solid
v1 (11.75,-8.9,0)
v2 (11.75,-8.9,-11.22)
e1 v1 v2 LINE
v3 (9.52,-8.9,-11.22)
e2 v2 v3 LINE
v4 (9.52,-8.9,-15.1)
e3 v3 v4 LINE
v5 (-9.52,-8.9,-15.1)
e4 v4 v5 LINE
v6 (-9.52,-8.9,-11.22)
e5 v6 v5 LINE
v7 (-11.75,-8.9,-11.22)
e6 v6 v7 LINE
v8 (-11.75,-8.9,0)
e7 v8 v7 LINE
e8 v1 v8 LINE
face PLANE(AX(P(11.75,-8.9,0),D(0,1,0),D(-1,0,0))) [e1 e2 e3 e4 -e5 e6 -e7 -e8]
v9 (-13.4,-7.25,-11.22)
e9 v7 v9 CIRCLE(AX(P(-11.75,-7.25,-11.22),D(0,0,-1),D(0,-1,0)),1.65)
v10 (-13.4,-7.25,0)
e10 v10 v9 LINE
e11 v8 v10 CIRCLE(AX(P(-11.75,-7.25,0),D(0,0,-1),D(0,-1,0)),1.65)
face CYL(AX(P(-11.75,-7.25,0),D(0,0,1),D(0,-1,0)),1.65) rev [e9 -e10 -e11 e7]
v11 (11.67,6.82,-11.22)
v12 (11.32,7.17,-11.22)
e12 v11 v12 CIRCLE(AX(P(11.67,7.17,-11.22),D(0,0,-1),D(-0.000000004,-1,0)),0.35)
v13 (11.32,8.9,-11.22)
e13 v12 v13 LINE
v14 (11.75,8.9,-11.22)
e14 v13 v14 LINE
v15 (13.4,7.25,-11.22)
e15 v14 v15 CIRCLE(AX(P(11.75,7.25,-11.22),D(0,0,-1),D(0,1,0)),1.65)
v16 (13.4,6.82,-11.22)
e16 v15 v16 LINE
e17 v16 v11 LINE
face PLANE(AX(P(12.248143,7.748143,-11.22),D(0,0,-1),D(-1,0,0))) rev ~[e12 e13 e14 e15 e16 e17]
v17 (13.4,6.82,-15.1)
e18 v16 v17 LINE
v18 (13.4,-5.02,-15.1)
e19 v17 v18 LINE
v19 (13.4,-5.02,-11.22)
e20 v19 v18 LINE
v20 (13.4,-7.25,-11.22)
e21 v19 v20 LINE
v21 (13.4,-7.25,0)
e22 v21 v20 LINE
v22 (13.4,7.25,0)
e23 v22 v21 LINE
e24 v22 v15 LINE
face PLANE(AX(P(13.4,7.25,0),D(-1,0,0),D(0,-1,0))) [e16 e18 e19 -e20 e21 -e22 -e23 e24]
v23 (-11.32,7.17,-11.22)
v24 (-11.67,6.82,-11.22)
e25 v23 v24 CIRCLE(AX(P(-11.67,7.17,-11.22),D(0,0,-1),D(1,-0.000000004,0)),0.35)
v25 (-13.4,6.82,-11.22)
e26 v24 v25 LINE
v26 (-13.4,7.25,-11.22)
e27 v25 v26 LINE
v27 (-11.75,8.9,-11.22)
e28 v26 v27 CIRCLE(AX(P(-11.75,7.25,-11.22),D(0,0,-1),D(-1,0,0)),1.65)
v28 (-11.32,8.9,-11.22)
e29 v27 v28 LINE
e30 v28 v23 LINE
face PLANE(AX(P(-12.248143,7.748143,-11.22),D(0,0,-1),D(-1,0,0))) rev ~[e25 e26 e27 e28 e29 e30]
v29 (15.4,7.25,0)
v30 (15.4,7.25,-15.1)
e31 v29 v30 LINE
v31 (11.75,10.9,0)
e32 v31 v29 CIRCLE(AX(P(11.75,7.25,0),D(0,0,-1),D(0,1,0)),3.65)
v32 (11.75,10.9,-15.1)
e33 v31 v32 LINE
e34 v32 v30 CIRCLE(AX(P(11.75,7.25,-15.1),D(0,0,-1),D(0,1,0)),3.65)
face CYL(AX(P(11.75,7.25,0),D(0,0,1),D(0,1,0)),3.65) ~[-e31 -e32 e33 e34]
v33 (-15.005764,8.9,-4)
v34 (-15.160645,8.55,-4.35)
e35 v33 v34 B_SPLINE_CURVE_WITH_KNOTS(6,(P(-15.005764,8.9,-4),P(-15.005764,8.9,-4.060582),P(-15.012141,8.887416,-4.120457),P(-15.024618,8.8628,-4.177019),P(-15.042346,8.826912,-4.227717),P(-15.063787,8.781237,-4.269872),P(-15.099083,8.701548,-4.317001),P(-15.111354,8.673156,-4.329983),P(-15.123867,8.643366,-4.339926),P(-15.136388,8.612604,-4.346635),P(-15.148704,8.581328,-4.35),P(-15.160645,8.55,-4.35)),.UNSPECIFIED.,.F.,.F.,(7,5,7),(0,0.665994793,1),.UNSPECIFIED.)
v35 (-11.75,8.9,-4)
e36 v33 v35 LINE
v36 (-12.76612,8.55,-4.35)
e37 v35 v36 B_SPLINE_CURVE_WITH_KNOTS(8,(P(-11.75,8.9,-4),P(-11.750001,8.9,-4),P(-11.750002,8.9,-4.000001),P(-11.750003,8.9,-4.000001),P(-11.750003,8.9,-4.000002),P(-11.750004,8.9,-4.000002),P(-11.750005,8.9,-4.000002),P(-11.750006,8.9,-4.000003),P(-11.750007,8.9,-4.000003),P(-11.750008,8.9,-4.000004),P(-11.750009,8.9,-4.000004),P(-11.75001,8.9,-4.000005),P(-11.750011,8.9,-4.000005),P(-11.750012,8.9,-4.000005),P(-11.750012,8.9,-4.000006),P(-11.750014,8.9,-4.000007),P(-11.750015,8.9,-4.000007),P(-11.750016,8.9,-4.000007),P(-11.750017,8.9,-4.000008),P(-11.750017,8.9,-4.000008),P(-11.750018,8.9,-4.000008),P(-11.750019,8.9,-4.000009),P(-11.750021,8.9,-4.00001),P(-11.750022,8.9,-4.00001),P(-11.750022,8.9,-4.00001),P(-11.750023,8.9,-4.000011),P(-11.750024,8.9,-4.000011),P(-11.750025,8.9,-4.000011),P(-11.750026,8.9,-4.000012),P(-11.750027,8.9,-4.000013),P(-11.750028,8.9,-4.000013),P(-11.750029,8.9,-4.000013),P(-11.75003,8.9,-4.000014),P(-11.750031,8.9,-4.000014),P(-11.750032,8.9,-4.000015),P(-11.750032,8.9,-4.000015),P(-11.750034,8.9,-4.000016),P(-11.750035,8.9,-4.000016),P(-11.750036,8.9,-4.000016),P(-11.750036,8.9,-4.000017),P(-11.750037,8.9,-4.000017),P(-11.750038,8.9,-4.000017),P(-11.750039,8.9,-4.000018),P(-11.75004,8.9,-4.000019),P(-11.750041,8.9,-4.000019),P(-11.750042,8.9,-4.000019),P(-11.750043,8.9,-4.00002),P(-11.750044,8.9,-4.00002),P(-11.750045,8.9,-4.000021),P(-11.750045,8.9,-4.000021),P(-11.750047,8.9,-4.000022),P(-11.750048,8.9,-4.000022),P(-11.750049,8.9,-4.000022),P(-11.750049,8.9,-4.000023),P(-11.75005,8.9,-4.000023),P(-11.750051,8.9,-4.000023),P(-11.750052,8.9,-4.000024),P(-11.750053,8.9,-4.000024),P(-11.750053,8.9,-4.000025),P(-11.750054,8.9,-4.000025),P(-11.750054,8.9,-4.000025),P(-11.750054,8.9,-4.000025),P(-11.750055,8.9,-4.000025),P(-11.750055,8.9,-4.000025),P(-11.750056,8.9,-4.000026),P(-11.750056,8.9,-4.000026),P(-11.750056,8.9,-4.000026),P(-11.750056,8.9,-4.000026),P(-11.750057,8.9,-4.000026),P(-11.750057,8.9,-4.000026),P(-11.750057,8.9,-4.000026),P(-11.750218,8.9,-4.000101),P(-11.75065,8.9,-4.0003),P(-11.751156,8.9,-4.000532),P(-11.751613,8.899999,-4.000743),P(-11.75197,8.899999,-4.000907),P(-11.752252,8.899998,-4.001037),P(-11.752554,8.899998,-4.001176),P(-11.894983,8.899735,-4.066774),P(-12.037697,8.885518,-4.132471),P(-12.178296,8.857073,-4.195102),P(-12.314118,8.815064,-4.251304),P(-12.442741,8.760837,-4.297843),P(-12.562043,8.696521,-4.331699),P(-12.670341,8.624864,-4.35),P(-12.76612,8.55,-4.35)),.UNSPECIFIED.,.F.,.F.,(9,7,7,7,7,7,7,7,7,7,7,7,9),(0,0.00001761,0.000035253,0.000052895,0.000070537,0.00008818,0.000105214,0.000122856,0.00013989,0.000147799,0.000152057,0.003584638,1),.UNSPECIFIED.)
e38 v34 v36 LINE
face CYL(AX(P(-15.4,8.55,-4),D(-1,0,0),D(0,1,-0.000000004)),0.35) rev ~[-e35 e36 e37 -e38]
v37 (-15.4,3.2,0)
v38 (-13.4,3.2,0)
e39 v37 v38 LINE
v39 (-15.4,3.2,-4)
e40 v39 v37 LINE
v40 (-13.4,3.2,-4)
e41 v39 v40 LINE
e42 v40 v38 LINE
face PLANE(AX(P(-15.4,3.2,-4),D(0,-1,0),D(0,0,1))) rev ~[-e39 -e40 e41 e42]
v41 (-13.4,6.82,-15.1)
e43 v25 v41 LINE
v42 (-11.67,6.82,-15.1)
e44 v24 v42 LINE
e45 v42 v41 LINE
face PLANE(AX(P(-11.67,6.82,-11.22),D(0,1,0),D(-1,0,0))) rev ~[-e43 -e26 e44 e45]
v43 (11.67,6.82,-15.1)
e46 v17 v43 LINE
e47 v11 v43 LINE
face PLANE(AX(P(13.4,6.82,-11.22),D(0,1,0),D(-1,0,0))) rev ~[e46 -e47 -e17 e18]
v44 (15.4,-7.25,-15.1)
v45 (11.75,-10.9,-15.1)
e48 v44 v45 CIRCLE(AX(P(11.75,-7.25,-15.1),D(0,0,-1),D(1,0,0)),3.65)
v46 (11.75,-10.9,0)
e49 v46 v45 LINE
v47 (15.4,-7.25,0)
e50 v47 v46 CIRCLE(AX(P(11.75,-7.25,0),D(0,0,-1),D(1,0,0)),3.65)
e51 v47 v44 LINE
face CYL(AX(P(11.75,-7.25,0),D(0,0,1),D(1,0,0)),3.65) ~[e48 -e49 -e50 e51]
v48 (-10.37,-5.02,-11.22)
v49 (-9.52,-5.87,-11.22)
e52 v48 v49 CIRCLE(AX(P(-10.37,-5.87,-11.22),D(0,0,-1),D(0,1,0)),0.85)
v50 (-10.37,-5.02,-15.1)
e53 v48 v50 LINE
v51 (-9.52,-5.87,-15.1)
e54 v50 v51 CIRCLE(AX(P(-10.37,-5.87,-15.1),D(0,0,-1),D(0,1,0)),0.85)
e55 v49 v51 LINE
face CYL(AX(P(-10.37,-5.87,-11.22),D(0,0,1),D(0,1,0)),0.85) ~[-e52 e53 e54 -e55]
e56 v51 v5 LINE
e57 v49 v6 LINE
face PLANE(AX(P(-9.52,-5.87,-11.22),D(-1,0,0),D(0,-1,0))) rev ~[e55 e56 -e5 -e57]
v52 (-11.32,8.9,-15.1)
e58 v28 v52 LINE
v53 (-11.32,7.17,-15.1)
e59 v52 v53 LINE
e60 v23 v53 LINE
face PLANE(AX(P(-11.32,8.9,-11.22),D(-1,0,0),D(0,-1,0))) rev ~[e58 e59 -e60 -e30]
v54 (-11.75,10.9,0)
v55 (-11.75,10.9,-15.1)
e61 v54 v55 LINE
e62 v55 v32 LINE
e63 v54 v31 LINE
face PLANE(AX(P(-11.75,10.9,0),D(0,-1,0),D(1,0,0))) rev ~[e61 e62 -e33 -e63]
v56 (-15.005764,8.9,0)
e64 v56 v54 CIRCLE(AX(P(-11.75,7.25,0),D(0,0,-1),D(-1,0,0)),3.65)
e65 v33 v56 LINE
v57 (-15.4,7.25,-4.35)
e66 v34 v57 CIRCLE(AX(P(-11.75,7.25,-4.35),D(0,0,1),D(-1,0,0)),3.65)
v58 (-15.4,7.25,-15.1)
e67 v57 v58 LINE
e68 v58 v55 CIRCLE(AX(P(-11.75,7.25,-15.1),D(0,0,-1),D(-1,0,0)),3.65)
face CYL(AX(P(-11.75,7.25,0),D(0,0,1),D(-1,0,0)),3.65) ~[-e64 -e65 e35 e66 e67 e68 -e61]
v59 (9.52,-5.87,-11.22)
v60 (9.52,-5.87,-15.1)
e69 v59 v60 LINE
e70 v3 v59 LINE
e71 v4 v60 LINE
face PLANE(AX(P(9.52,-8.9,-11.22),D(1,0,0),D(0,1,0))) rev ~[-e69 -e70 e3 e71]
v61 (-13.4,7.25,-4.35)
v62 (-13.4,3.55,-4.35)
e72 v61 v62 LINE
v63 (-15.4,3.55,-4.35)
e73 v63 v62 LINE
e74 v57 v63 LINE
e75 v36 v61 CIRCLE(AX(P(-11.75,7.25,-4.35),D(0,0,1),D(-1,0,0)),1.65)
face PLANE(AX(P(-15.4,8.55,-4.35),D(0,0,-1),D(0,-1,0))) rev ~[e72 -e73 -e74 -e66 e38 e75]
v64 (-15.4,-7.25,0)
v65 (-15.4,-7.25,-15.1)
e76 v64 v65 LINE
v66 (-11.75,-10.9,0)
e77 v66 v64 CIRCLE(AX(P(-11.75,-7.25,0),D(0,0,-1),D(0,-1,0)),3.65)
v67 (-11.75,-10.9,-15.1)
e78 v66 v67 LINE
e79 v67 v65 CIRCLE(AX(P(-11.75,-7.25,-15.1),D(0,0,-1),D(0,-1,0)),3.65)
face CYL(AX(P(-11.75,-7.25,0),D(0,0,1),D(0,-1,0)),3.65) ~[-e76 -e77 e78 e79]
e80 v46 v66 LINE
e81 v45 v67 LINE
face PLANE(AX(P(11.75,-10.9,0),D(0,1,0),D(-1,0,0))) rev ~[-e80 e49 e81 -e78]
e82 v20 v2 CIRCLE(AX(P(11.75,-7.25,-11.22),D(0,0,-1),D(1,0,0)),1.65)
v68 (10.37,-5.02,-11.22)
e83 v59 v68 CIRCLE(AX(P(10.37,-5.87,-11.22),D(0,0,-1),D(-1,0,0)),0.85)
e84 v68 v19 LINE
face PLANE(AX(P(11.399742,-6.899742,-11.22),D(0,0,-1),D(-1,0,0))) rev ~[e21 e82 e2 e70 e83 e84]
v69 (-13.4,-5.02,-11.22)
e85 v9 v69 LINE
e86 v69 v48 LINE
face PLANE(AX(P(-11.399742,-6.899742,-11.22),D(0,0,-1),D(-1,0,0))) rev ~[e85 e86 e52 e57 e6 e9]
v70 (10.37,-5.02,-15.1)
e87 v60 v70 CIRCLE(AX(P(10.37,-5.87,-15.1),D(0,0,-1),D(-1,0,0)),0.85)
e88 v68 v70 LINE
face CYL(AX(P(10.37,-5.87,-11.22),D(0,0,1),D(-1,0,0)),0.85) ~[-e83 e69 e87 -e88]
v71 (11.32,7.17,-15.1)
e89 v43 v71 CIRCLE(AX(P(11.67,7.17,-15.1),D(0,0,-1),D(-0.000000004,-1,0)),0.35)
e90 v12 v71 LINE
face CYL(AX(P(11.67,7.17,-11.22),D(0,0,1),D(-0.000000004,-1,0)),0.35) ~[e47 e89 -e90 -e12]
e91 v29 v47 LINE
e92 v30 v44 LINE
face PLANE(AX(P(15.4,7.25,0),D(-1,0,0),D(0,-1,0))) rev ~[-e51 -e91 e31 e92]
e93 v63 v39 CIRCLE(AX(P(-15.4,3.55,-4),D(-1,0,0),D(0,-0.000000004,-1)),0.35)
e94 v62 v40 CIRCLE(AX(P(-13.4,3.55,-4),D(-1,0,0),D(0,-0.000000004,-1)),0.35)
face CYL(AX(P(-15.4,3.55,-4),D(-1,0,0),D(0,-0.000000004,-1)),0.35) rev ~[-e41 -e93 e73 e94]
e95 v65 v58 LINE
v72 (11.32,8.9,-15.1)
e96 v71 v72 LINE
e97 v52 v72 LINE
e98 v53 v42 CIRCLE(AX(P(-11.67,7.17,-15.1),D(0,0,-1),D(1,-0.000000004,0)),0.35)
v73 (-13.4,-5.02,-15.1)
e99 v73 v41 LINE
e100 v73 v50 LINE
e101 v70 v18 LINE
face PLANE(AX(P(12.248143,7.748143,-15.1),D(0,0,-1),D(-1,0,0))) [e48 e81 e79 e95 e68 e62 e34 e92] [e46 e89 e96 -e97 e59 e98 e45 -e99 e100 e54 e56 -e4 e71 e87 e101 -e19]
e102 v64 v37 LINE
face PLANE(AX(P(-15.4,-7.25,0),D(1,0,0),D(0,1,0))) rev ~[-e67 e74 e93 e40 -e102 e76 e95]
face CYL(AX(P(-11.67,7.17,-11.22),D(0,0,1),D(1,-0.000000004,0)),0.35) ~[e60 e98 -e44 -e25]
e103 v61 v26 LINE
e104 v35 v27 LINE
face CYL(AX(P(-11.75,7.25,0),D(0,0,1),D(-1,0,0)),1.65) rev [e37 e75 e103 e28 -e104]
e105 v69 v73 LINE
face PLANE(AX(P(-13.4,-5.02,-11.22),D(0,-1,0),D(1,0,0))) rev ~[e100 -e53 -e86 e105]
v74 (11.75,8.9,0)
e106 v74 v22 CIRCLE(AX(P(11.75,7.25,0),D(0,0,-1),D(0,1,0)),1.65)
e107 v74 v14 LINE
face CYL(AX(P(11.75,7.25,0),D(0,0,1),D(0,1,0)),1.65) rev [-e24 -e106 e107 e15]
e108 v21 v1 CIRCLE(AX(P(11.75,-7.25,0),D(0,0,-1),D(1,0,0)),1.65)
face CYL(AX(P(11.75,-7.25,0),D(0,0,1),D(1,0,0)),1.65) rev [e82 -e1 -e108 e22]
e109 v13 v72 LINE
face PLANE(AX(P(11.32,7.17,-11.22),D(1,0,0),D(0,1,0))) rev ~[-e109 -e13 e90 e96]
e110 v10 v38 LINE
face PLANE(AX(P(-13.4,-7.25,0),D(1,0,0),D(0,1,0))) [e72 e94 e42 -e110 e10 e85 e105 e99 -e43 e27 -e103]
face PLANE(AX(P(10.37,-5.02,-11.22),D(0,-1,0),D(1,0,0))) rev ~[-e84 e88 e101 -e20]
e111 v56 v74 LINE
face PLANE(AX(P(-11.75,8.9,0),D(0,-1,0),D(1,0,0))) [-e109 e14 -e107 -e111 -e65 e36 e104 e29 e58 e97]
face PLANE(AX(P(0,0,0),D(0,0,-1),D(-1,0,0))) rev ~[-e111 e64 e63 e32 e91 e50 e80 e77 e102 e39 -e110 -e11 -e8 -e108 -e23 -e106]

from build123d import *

# Parameters (mm, degrees)
EXTRUDE_1_DEPTH     = 15.1
EXTRUDE_START       = -3.88
EXTRUDE_2_DEPTH     = 3.88
CUT_EXTRUDE_1_REACH = 37.992


with BuildPart() as part:
    # 草图1 → 凸台-拉伸1 (new body)
    with BuildSketch(Plane.XY):
        with BuildLine():
            Line((-15.4, 3.2), (-15.4, 7.25))
            ThreePointArc((-15.4, 7.25), (-14.330939751, 9.830939751), (-11.75, 10.9))
            Line((-11.75, 10.9), (11.75, 10.9))
            ThreePointArc((11.75, 10.9), (14.330939751, 9.830939751), (15.4, 7.25))
            Line((15.4, 7.25), (15.4, -7.25))
            ThreePointArc((15.4, -7.25), (14.330939751, -9.830939751), (11.75, -10.9))
            Line((11.75, -10.9), (3.85, -10.9))
            Line((3.85, -10.9), (-3.85, -10.9))
            Line((-3.85, -10.9), (-11.75, -10.9))
            ThreePointArc((-11.75, -10.9), (-14.330939751, -9.830939751), (-15.4, -7.25))
            Line((-15.4, -7.25), (-15.4, 3.2))
        make_face()
        with BuildLine():
            Line((-13.4, 3.2), (-13.4, 7.25))
            ThreePointArc((-13.4, 7.25), (-12.916726189, 8.416726189), (-11.75, 8.9))
            Line((-11.75, 8.9), (11.75, 8.9))
            ThreePointArc((11.75, 8.9), (12.916726189, 8.416726189), (13.4, 7.25))
            Line((13.4, 7.25), (13.4, -7.25))
            ThreePointArc((13.4, -7.25), (12.916726189, -8.416726189), (11.75, -8.9))
            Line((11.75, -8.9), (3.85, -8.9))
            Line((3.85, -8.9), (-3.85, -8.9))
            Line((-3.85, -8.9), (-11.75, -8.9))
            ThreePointArc((-11.75, -8.9), (-12.916726189, -8.416726189), (-13.4, -7.25))
            Line((-13.4, -7.25), (-13.4, 3.2))
        make_face(mode=Mode.SUBTRACT)
    extrude(amount=-EXTRUDE_1_DEPTH)

    # 草图2 → 凸台-拉伸2 (add)
    with BuildSketch(Plane(origin=(0, 0, -15.1), x_dir=(-1, 0, 0), z_dir=(0, 0, -1)).offset(EXTRUDE_START)):
        with BuildLine():
            Line((-13.4, 6.82), (-13.25, 6.82))
            Line((-13.25, 6.82), (-11.67, 6.82))
            ThreePointArc((-11.67, 6.82), (-11.422512627, 6.922512627), (-11.32, 7.17))
            Line((-11.32, 7.17), (-11.32, 8.75))
            Line((-11.32, 8.75), (-11.32, 8.9))
            Line((-11.32, 8.9), (-11.75, 8.9))
            ThreePointArc((-11.75, 8.9), (-12.916726189, 8.416726189), (-13.4, 7.25))
            Line((-13.4, 7.25), (-13.4, 6.82))
        make_face()
        with BuildLine():
            Line((-13.25, -5.02), (-13.4, -5.02))
            Line((-13.4, -5.02), (-13.4, -7.25))
            ThreePointArc((-13.4, -7.25), (-12.916726189, -8.416726189), (-11.75, -8.9))
            Line((-11.75, -8.9), (-9.52, -8.9))
            Line((-9.52, -8.9), (-9.52, -8.75))
            Line((-9.52, -8.75), (-9.52, -5.87))
            ThreePointArc((-9.52, -5.87), (-9.768959236, -5.268959236), (-10.37, -5.02))
            Line((-10.37, -5.02), (-13.25, -5.02))
        make_face()
        with BuildLine():
            Line((9.52, -8.75), (9.52, -8.9))
            Line((9.52, -8.9), (11.75, -8.9))
            ThreePointArc((11.75, -8.9), (12.916726189, -8.416726189), (13.4, -7.25))
            Line((13.4, -7.25), (13.4, -5.02))
            Line((13.4, -5.02), (13.25, -5.02))
            Line((13.25, -5.02), (10.37, -5.02))
            ThreePointArc((10.37, -5.02), (9.768959236, -5.268959236), (9.52, -5.87))
            Line((9.52, -5.87), (9.52, -8.75))
        make_face()
        with BuildLine():
            Line((11.75, 8.9), (11.32, 8.9))
            Line((11.32, 8.9), (11.32, 8.75))
            Line((11.32, 8.75), (11.32, 7.17))
            ThreePointArc((11.32, 7.17), (11.422512627, 6.922512627), (11.67, 6.82))
            Line((11.67, 6.82), (13.25, 6.82))
            Line((13.25, 6.82), (13.4, 6.82))
            Line((13.4, 6.82), (13.4, 7.25))
            ThreePointArc((13.4, 7.25), (12.916726189, 8.416726189), (11.75, 8.9))
        make_face()
    extrude(amount=EXTRUDE_2_DEPTH)

    # 草图3 → 切除-拉伸1 (cut, up to next)
    with BuildSketch(Plane.ZY.offset(15.4), mode=Mode.PRIVATE) as cut_extrude_1_sk1:
        with BuildLine():
            Line((0.15, 8.9), (-4, 8.9))
            ThreePointArc((-4, 8.9), (-4.247487373, 8.797487373), (-4.35, 8.55))
            Line((-4.35, 8.55), (-4.35, 3.55))
            ThreePointArc((-4.35, 3.55), (-4.247487373, 3.302512627), (-4, 3.2))
            Line((-4, 3.2), (0.15, 3.2))
            Line((0.15, 3.2), (0.15, 8.9))
        make_face()
    cut_extrude_1_tool1 = extrude(cut_extrude_1_sk1.sketch, amount=-CUT_EXTRUDE_1_REACH, mode=Mode.PRIVATE) & part.part
    add(cut_extrude_1_tool1.solids().sort_by_distance((-15.4, 6.05, -2.095539))[0], mode=Mode.SUBTRACT)


solid = part.part
